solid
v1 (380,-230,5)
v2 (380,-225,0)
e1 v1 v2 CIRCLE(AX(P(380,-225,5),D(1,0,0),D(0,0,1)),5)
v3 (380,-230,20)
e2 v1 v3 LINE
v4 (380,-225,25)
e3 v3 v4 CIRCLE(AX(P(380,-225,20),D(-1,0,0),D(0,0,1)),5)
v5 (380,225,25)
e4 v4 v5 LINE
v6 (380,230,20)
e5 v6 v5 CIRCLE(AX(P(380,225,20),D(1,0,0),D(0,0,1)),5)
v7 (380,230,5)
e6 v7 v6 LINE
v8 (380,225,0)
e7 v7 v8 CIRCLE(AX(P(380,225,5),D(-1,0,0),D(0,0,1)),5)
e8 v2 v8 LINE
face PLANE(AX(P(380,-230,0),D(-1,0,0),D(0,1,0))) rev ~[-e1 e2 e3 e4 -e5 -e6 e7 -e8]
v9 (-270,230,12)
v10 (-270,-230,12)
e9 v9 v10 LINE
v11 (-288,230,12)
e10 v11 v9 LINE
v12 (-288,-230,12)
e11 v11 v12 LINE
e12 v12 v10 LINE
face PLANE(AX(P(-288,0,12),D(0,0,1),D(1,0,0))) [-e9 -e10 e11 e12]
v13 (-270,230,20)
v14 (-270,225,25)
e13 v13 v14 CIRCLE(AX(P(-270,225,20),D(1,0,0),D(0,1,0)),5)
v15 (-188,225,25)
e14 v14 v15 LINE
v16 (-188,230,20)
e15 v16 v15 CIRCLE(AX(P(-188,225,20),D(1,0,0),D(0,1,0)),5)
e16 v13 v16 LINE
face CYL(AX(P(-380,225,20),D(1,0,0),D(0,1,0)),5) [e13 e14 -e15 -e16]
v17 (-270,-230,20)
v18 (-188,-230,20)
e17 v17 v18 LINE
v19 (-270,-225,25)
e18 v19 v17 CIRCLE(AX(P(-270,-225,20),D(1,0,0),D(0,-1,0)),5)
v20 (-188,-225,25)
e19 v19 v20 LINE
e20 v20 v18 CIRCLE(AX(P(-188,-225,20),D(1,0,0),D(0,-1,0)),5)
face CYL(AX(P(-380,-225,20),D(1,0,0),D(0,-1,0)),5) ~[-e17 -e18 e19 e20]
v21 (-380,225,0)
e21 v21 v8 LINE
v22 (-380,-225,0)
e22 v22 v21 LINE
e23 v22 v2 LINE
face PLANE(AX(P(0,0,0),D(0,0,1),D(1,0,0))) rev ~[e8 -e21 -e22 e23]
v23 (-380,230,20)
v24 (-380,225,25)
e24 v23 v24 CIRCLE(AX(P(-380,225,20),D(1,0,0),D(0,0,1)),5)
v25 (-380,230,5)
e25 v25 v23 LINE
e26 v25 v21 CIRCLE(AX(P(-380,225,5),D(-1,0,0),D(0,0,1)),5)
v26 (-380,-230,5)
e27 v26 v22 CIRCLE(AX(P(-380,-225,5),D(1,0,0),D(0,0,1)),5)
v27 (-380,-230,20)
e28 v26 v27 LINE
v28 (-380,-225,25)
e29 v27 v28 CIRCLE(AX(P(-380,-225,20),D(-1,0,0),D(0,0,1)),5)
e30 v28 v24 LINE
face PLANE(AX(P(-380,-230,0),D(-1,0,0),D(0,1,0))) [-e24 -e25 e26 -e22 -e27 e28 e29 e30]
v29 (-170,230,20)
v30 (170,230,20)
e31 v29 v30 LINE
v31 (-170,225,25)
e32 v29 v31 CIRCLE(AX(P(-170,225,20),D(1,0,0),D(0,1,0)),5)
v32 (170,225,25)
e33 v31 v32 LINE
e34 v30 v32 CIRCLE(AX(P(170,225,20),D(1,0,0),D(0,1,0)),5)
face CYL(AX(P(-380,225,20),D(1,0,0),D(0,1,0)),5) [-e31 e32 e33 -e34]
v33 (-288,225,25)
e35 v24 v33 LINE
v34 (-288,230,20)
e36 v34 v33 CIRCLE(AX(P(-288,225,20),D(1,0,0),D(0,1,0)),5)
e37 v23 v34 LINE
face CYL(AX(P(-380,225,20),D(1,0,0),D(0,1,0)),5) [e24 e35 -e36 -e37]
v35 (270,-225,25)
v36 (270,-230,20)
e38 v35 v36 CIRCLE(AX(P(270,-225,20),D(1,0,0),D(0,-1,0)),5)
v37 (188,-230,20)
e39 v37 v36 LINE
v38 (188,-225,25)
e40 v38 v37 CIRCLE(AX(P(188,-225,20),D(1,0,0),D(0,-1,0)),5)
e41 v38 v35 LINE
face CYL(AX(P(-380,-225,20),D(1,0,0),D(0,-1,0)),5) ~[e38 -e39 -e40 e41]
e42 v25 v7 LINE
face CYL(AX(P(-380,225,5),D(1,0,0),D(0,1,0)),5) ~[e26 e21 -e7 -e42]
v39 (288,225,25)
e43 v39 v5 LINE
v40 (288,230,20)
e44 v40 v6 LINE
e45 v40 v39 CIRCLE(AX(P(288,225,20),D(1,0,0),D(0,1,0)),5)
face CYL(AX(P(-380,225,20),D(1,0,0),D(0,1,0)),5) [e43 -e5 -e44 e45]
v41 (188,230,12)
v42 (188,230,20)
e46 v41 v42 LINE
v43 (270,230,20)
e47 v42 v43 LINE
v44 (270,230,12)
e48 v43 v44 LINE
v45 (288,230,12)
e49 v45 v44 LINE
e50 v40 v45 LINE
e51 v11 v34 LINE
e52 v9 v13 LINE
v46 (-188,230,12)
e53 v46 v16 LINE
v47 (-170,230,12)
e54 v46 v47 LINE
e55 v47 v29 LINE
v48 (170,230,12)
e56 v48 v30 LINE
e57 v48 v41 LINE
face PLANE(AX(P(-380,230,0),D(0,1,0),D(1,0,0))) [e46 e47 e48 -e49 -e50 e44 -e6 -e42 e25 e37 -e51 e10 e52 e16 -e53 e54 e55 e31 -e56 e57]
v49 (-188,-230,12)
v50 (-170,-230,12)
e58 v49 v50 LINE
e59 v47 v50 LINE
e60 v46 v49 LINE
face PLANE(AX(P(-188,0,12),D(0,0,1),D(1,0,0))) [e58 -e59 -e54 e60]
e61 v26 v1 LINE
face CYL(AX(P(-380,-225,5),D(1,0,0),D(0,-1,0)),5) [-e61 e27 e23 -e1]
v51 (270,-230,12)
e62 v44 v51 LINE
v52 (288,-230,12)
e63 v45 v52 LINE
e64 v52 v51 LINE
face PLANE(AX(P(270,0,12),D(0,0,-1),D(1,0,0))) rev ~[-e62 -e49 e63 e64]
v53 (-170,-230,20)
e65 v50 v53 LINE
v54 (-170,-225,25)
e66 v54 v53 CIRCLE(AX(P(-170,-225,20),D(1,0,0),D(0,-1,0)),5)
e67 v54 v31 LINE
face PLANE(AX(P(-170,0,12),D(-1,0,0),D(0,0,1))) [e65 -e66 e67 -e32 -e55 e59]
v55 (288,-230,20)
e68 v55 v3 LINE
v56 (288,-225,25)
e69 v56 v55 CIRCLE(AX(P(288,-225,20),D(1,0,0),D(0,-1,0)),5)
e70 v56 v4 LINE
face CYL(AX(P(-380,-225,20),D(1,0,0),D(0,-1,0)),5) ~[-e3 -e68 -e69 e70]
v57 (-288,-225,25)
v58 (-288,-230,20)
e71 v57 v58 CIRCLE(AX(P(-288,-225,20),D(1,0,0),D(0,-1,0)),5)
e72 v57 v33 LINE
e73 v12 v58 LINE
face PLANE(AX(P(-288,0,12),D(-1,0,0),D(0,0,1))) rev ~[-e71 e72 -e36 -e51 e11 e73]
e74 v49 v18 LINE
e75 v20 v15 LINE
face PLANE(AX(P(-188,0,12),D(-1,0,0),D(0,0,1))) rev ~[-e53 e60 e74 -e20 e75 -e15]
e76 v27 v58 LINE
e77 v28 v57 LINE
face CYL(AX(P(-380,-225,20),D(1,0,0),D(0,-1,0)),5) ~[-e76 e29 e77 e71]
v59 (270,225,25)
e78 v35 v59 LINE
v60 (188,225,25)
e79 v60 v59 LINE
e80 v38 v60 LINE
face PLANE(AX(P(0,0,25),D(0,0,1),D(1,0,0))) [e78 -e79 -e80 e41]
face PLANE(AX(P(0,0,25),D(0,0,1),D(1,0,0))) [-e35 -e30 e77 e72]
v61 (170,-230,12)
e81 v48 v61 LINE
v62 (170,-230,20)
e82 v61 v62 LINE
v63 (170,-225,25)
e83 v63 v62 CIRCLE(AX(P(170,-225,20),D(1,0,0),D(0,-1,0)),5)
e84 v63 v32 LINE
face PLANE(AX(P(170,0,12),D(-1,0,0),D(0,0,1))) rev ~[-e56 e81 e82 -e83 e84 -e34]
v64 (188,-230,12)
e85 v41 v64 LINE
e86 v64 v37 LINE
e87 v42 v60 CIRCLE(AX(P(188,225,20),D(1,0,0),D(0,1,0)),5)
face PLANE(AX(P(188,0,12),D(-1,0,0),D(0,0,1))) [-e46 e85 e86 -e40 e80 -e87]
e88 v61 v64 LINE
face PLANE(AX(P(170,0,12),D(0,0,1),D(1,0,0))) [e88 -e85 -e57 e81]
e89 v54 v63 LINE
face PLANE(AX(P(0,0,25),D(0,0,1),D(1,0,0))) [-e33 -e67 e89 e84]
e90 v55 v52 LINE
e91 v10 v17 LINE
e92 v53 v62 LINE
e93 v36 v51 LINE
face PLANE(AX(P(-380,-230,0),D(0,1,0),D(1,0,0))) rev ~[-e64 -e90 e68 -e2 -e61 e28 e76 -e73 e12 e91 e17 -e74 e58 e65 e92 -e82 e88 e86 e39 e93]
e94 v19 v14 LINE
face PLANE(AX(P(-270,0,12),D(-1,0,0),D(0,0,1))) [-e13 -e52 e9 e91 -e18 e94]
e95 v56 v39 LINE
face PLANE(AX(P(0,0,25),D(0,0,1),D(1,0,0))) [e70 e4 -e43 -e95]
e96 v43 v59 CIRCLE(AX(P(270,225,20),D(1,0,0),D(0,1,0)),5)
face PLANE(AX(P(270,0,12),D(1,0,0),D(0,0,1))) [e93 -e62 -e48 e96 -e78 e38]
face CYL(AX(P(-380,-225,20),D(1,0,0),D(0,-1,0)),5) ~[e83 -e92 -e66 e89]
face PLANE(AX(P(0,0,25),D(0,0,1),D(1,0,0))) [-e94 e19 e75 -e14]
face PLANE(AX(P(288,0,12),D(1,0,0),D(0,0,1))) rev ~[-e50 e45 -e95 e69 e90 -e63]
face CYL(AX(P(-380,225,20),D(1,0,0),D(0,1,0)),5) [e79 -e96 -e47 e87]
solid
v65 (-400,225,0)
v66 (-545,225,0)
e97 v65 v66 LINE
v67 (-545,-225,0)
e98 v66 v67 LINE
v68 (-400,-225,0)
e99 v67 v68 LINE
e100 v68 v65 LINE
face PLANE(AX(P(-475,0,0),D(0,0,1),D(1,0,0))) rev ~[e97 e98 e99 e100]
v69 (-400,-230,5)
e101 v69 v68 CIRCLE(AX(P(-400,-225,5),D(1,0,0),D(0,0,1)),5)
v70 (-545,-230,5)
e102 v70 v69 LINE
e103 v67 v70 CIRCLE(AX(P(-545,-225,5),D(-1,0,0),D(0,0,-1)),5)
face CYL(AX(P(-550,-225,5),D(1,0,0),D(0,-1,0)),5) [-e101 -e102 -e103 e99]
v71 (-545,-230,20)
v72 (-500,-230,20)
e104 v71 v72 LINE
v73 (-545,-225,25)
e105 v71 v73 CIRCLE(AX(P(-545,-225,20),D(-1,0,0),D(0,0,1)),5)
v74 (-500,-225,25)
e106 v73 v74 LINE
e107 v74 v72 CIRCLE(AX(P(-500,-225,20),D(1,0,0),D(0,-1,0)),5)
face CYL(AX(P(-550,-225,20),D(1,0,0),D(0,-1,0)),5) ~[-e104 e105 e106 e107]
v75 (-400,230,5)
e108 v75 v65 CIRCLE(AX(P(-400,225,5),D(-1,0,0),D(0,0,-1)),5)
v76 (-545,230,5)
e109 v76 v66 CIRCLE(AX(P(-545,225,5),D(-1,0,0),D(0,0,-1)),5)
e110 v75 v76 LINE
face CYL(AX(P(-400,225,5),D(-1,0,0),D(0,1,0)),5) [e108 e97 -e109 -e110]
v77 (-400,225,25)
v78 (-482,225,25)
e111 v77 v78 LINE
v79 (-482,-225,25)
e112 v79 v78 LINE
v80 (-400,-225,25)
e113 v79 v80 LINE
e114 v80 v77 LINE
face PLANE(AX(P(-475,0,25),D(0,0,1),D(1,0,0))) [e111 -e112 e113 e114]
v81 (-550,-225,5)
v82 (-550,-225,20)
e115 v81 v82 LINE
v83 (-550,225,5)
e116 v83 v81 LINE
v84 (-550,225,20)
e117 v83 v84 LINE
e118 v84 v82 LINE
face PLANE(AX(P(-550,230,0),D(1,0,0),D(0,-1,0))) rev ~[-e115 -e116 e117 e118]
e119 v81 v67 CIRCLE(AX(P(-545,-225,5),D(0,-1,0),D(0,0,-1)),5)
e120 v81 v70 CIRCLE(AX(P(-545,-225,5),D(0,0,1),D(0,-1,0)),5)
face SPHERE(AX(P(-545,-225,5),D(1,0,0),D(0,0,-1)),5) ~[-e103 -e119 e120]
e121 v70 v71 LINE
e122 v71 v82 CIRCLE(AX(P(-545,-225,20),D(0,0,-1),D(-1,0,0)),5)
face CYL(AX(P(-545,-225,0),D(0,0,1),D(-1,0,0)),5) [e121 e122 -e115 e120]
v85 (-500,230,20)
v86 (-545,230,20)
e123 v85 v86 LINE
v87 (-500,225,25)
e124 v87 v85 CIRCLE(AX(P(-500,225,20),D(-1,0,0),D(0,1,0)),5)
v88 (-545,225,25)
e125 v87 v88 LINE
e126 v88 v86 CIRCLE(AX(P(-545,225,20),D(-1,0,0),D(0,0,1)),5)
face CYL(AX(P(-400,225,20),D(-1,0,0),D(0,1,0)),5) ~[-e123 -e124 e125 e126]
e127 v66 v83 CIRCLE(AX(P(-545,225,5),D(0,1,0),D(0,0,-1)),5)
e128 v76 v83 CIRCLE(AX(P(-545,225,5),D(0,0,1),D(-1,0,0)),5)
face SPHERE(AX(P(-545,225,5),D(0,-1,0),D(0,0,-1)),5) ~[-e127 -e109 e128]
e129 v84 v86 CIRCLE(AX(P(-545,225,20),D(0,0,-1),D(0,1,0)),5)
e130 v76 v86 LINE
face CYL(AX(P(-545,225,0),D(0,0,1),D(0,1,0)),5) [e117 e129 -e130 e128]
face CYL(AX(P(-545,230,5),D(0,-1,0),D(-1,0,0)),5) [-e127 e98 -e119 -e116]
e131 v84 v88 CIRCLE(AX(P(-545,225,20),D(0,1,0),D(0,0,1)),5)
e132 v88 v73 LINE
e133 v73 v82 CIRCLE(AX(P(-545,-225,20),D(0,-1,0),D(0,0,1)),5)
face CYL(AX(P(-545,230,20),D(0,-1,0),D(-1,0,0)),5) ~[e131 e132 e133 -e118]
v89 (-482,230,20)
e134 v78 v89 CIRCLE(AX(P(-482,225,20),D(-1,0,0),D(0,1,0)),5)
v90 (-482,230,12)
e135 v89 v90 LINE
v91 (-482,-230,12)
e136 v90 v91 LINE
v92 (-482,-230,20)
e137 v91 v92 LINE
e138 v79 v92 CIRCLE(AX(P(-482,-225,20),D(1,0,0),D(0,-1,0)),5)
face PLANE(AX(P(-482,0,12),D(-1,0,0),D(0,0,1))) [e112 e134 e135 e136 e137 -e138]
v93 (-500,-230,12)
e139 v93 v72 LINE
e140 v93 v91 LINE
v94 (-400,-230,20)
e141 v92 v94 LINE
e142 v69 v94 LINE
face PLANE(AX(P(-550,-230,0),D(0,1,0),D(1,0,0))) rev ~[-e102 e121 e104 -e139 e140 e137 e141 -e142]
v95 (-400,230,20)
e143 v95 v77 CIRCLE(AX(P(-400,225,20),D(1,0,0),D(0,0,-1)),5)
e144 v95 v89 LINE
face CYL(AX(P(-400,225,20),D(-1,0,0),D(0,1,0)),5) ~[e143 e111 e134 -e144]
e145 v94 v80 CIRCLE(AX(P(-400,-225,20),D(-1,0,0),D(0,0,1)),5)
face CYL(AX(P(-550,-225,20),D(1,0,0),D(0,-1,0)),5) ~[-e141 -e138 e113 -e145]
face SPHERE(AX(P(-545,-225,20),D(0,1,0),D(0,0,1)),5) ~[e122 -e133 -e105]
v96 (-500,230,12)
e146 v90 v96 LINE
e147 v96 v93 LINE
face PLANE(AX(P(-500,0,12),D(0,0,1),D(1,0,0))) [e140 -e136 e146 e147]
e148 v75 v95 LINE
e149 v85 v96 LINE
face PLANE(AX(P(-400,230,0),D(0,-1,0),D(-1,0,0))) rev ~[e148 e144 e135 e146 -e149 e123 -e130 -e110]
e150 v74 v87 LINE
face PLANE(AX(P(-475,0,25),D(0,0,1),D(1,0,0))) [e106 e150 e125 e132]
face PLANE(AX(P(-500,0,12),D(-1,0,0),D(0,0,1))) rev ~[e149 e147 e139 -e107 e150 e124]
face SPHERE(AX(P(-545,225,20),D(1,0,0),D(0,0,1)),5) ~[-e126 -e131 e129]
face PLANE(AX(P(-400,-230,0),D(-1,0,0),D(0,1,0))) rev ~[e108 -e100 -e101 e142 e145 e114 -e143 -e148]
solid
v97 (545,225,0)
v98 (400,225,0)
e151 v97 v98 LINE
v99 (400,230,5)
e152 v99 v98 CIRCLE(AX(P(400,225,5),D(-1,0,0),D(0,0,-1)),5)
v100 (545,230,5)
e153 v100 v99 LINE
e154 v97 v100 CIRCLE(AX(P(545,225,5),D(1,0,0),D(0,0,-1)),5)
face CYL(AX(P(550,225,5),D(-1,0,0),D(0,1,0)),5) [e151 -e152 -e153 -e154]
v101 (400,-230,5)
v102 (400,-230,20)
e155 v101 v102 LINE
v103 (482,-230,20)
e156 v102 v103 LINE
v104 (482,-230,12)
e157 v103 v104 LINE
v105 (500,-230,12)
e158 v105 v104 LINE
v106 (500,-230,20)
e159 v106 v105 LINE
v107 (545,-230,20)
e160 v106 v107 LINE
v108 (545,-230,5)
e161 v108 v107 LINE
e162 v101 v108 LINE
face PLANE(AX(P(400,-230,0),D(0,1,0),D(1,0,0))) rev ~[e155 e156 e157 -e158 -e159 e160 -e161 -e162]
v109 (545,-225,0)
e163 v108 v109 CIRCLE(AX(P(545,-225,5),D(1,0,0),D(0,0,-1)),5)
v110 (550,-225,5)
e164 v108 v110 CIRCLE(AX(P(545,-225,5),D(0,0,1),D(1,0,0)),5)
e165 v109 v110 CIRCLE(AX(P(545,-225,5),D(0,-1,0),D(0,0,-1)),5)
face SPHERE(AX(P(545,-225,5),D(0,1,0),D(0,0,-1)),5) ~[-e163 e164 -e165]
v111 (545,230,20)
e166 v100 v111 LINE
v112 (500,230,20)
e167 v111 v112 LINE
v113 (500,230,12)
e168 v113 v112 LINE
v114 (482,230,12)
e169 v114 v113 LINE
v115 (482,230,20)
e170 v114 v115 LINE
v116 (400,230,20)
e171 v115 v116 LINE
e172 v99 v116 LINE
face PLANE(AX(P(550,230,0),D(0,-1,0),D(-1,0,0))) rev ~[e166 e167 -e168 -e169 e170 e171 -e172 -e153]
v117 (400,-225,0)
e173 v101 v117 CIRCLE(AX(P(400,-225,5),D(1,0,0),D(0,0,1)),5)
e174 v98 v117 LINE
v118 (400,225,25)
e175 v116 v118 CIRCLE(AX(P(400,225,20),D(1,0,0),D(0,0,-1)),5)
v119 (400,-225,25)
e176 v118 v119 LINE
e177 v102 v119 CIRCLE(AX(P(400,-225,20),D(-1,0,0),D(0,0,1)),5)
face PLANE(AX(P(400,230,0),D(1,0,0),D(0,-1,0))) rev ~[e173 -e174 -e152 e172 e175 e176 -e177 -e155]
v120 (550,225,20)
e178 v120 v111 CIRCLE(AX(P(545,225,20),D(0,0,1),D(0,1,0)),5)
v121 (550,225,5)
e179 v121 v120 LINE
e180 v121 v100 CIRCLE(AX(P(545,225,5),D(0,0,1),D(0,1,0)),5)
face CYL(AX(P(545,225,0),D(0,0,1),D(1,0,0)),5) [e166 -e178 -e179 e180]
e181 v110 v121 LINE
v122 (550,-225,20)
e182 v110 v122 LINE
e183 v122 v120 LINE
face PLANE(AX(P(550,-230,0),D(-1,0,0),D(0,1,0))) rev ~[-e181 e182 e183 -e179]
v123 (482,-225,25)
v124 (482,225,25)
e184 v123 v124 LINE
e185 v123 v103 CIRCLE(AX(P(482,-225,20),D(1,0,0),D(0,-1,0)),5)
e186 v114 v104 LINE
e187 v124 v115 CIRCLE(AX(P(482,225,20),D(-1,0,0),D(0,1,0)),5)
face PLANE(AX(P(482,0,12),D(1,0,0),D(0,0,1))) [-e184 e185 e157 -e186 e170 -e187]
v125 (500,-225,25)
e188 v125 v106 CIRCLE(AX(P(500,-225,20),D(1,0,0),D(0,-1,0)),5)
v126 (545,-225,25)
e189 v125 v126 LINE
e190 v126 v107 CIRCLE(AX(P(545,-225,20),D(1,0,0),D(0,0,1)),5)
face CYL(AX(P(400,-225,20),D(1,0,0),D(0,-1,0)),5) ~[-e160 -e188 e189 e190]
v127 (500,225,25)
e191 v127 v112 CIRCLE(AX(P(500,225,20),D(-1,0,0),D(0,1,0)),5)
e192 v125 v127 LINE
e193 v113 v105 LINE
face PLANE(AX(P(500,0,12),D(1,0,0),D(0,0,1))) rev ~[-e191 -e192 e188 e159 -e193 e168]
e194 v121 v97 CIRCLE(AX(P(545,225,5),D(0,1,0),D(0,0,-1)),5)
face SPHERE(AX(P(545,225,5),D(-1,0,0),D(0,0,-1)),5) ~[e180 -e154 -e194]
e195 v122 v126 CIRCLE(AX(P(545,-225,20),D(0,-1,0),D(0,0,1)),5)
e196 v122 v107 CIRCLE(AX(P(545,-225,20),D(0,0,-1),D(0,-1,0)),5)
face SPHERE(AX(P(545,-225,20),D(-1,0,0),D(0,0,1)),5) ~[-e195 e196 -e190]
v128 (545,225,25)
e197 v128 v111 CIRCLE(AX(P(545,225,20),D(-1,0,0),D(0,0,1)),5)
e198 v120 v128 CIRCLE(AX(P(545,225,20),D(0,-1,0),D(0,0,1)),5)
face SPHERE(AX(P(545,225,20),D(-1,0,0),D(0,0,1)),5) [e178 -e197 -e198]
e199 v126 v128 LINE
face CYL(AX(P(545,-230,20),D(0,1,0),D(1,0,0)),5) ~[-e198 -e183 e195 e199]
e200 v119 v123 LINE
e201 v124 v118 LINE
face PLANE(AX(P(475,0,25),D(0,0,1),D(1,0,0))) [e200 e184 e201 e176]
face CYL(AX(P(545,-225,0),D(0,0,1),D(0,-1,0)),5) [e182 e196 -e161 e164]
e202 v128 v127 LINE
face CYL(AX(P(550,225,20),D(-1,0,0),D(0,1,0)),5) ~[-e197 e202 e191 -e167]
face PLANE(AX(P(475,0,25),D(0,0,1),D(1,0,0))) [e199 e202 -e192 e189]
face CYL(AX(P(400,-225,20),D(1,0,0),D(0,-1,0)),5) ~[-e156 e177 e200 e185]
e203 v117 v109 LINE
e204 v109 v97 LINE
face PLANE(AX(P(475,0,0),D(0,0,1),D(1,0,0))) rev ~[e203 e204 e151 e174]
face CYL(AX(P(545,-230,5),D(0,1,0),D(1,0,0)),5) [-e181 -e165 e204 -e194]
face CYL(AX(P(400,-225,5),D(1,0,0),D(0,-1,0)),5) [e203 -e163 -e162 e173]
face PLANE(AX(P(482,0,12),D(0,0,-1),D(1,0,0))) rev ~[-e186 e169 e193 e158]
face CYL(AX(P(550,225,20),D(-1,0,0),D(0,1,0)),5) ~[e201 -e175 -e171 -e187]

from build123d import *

# Parameters (mm, degrees)
F0_W     = 760
F0_H     = 460
F1_DEPTH = 25
F2_R     = 5
F3_W     = 18
F3_H     = 13
F4_DEPTH = 250
F6_DEPTH = 25
F7_R     = 5
F8_W     = 18
F8_H     = 13
F9_DEPTH = 250


with BuildPart() as f1:
    # F0 (on Top) → F1 (new body)
    with BuildSketch(Plane.XY):
        Rectangle(F0_W, F0_H)
    extrude(amount=F1_DEPTH)

    # F2
    f2_edges = [f1.edges().sort_by_distance(p)[0] for p in [
        (0, -230, 25),
        (0, 230, 25),
        (0, 230, 0),
        (0, -230, 0),
    ]]
    fillet(f2_edges, radius=F2_R)

    # F3 (on Front) → F4 (cut, symmetric)
    with BuildSketch(Plane.XZ):
        with Locations((-179, 18.5)):
            Rectangle(F3_W, F3_H)
        with Locations((-279, 18.5)):
            Rectangle(F3_W, F3_H)
        with Locations((179, 18.5)):
            Rectangle(F3_W, F3_H)
        with Locations((279, 18.5)):
            Rectangle(F3_W, F3_H)
    extrude(amount=F4_DEPTH, both=True, mode=Mode.SUBTRACT)


with BuildPart() as f6:
    # F5 (on Top) → F6 (new body)
    with BuildSketch(Plane.XY):
        Polygon((-400, -230), (-400, 0), (-400, 230), (-550, 230), (-550, -230), align=None)
        Polygon((400, 0), (400, -230), (550, -230), (550, 230), (400, 230), align=None)
    extrude(amount=F6_DEPTH)

    # F7
    f7_edges = [f6.edges().sort_by_distance(p)[0] for p in [
        (-475, 230, 25),
        (-550, 0, 25),
        (-475, -230, 25),
        (-475, -230, 0),
        (-550, 0, 0),
        (-475, 230, 0),
        (475, 230, 0),
        (550, 0, 0),
        (475, -230, 0),
        (475, 230, 25),
        (475, -230, 25),
        (550, 0, 25),
        (550, -230, 12.5),
        (550, 230, 12.5),
        (-550, -230, 12.5),
        (-550, 230, 12.5),
    ]]
    fillet(f7_edges, radius=F7_R)

    # F8 (on Front) → F9 (cut, symmetric)
    with BuildSketch(Plane.XZ):
        with Locations((-491, 18.5)):
            Rectangle(F8_W, F8_H)
        with Locations((491, 18.5)):
            Rectangle(F8_W, F8_H)
    extrude(amount=F9_DEPTH, both=True, mode=Mode.SUBTRACT)


solid = Compound([f1.part, f6.part])
